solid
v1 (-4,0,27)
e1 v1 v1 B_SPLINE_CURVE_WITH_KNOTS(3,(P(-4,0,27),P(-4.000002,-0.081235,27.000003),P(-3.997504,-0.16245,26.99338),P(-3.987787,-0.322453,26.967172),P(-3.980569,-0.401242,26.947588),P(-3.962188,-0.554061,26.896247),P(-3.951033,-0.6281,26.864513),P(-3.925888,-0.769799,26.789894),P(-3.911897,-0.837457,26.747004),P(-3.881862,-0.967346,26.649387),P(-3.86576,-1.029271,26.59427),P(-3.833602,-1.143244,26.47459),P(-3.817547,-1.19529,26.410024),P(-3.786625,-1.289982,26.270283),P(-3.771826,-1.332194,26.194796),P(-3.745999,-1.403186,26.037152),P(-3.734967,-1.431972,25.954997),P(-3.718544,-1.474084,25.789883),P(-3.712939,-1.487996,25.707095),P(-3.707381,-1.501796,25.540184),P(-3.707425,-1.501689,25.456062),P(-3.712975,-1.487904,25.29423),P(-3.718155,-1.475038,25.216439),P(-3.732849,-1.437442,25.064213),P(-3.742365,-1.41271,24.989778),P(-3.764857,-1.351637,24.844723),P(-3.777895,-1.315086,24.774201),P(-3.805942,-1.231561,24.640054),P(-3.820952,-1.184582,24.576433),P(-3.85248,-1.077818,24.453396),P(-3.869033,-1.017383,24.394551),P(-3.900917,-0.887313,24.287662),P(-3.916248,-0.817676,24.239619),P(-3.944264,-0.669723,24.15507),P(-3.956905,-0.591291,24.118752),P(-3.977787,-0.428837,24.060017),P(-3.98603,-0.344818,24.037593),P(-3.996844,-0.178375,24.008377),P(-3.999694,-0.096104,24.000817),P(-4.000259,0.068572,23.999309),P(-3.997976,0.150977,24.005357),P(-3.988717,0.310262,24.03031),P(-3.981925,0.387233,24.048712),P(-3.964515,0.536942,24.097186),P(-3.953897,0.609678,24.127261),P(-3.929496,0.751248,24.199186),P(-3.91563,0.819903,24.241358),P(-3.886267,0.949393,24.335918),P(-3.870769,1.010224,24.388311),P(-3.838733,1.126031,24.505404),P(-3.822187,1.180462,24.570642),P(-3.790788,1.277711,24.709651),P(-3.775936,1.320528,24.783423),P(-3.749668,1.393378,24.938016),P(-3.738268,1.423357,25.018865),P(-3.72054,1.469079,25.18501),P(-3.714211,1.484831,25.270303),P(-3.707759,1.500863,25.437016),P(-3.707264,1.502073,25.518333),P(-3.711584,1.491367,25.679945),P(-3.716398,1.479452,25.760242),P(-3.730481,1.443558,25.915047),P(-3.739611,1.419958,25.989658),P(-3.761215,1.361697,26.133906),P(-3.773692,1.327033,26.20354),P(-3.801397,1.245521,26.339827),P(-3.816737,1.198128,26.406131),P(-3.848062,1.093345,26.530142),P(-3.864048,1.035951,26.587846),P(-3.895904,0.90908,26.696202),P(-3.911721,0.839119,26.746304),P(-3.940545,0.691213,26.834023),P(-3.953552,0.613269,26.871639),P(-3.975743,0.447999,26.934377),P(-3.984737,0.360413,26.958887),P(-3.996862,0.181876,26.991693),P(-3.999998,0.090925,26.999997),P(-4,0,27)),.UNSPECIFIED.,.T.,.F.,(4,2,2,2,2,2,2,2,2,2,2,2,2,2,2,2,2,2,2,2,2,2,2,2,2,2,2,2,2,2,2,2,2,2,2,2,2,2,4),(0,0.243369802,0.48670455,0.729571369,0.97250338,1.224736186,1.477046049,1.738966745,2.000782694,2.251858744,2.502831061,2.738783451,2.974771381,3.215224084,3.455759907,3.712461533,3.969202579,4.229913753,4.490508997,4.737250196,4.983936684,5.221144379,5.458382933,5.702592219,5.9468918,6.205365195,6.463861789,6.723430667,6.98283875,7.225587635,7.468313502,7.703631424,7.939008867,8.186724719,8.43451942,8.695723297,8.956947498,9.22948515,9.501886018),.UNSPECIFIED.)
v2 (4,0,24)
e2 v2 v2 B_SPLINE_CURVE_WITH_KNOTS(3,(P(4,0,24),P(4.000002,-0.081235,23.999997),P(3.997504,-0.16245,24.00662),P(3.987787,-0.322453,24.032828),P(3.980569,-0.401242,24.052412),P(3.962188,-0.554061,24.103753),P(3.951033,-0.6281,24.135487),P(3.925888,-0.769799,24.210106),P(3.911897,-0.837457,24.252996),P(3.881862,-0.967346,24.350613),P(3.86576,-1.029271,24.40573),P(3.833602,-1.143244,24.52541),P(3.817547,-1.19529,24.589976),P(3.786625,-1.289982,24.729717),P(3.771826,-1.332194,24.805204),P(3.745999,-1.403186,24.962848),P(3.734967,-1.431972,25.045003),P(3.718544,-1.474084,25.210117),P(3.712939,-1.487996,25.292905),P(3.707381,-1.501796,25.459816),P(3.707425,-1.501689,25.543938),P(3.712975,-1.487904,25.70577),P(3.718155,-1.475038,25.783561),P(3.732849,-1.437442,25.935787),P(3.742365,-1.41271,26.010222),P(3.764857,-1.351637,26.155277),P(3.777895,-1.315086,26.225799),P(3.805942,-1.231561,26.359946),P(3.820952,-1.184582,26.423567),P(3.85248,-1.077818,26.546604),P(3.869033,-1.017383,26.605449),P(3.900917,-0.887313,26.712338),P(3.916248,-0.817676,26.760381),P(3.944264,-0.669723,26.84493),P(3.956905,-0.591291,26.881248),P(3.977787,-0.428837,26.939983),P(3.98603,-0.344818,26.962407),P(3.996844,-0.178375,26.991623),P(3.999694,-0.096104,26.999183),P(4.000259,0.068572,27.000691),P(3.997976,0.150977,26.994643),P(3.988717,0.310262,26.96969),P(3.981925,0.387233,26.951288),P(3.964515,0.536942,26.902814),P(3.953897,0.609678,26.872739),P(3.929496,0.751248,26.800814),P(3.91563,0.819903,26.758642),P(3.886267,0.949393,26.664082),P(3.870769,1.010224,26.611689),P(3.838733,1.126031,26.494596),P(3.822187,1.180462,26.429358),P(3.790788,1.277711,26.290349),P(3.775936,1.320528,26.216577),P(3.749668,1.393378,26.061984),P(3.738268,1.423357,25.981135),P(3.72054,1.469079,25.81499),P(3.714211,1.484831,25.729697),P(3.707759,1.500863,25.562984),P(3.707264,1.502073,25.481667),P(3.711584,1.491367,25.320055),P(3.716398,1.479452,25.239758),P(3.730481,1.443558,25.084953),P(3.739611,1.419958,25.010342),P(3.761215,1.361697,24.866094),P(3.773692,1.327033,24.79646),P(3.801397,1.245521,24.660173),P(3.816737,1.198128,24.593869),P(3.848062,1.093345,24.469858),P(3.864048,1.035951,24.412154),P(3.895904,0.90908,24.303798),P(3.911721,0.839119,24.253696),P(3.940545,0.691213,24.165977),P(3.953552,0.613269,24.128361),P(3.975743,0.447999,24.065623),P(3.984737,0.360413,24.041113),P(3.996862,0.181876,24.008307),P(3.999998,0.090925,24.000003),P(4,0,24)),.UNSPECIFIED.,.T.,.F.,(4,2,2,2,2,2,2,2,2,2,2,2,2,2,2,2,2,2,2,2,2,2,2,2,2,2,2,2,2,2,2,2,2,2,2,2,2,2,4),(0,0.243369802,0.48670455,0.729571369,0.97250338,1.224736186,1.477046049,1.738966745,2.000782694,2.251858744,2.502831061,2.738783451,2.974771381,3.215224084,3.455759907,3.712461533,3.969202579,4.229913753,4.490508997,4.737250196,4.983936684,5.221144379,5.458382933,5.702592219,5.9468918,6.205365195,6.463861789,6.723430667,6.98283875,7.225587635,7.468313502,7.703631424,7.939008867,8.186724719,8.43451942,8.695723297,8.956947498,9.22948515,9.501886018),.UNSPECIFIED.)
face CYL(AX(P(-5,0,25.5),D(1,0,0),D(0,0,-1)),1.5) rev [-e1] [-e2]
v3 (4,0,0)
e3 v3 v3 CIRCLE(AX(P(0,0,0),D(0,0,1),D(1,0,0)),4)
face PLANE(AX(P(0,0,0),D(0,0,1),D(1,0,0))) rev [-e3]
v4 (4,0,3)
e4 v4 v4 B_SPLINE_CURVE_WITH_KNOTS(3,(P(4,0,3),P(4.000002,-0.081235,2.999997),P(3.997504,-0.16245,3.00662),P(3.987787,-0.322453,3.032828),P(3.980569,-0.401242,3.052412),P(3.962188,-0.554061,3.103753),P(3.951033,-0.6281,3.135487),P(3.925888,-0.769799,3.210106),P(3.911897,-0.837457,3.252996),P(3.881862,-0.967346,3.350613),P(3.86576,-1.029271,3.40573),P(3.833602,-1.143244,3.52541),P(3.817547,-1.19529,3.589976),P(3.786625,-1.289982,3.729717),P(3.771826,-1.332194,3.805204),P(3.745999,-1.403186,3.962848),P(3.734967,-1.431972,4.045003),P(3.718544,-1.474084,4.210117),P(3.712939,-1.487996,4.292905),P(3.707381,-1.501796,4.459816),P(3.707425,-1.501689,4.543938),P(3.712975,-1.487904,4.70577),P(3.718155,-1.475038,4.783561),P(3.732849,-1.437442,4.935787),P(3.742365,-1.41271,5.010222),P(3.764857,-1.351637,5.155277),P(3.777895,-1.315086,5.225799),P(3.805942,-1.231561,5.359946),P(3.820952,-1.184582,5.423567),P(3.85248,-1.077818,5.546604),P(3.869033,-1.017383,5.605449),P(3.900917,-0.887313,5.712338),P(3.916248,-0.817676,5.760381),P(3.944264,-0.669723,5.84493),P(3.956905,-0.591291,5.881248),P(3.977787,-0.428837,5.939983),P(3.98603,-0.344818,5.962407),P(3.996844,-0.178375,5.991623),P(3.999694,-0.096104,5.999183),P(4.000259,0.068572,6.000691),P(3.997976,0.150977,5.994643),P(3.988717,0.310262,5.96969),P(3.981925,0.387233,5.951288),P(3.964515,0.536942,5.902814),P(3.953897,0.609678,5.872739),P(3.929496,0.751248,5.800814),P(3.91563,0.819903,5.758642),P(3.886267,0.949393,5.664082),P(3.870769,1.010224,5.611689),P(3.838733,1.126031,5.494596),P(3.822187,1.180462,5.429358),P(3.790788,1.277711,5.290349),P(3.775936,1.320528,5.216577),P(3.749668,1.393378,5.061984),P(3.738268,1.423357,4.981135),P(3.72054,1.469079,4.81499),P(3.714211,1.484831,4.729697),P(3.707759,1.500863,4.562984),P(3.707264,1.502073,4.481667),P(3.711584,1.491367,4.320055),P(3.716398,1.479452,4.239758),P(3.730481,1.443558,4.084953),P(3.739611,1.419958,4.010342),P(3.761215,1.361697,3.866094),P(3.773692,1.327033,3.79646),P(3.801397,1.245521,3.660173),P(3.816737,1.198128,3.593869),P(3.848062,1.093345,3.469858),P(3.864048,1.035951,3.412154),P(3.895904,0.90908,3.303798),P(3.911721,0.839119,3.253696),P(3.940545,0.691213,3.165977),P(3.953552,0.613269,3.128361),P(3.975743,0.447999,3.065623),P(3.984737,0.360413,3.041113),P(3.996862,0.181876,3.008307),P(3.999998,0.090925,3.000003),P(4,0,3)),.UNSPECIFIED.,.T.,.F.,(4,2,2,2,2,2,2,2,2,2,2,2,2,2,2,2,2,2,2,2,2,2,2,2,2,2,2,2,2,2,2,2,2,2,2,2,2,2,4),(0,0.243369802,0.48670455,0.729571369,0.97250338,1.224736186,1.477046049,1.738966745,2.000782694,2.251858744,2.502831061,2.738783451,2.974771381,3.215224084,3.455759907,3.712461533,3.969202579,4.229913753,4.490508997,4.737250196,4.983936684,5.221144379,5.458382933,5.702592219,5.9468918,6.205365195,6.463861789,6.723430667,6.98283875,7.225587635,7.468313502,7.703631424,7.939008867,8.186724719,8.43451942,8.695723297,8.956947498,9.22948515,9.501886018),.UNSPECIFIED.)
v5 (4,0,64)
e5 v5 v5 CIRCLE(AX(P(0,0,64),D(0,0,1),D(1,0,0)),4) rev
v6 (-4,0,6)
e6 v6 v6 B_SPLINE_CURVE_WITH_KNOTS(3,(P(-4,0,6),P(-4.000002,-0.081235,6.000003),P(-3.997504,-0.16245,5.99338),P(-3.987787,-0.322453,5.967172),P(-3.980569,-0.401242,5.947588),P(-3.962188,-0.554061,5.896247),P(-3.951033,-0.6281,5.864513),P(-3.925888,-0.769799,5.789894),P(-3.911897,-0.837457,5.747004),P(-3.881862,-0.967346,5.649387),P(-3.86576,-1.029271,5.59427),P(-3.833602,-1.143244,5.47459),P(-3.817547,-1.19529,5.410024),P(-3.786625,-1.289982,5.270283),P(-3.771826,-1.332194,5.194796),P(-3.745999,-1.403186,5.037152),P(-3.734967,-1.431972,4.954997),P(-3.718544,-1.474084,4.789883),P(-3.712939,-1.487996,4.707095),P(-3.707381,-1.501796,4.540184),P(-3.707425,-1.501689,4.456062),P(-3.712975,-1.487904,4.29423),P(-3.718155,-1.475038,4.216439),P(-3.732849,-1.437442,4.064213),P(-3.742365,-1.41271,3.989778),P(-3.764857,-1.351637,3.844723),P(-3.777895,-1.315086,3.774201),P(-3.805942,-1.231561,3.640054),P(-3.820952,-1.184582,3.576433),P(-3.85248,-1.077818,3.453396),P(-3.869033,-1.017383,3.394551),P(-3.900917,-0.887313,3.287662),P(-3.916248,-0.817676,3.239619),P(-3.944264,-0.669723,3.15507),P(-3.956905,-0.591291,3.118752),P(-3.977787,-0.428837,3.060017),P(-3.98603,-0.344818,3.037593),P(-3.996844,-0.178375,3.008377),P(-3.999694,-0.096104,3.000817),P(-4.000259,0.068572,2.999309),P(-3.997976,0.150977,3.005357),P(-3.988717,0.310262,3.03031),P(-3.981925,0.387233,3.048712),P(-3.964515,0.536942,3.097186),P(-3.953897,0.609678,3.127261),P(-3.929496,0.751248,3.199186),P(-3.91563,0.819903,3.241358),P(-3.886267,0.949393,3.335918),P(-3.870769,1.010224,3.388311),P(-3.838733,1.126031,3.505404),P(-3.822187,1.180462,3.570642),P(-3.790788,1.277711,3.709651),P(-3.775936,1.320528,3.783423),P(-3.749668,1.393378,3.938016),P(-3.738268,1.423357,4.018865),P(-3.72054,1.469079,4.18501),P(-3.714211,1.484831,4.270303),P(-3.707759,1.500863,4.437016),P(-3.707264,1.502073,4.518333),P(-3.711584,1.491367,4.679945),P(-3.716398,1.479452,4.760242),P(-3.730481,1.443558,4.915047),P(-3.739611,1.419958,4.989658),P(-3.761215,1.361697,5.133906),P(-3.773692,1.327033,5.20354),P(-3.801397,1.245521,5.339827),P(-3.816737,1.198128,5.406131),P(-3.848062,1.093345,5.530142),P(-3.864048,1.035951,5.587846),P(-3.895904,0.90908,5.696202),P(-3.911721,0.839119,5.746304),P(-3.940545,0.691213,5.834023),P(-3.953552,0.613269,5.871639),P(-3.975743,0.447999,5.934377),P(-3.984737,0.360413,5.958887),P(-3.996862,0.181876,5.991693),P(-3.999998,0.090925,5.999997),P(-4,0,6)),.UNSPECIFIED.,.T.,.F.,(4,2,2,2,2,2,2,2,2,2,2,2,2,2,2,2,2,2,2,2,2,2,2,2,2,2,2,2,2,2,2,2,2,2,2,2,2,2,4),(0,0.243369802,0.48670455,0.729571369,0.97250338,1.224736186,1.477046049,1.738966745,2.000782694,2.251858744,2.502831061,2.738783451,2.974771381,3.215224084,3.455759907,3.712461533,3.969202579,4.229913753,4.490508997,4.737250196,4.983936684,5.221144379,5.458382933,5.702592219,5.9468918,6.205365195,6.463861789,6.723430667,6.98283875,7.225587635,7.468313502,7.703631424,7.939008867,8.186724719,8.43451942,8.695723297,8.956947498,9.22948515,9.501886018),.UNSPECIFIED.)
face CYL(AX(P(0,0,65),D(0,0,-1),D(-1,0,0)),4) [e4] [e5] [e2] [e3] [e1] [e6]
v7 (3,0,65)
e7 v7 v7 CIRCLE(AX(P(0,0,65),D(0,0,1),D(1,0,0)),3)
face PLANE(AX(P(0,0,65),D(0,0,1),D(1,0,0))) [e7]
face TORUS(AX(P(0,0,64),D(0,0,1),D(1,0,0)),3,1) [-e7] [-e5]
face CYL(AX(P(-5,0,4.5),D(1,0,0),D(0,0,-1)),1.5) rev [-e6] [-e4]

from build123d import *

# Parameters (mm, degrees)
ESQUISSE1_R             = 4
BOSS_EXTRU_1_DEPTH      = 65
ESQUISSE2_R             = 1.5
ENL_V_MAT_EXTRU_1_DEPTH = 5
CONG_1_R                = 1


with BuildPart() as part:
    # Esquisse1 → Boss.-Extru.1 (new body)
    with BuildSketch(Plane.XY):
        Circle(ESQUISSE1_R)
    extrude(amount=BOSS_EXTRU_1_DEPTH)

    # Esquisse2 → Enlèv. mat.-Extru.1 (cut, symmetric)
    with BuildSketch(Plane(origin=(0, 0, 0), x_dir=(0, 0, -1), z_dir=(1, 0, 0))):
        with Locations(Location((-25.5, 0, 0), (0, 0, 179.999999999))):
            Circle(ESQUISSE2_R)
        with Locations(Location((-4.5, 0, 0), (0, 0, 179.999999999))):
            Circle(ESQUISSE2_R)
    extrude(amount=ENL_V_MAT_EXTRU_1_DEPTH, both=True, mode=Mode.SUBTRACT)

    # Congé1
    cong_1_edges = [part.edges().sort_by_distance(p)[0] for p in [
        (-4, 0, 65),
    ]]
    fillet(cong_1_edges, radius=CONG_1_R)


solid = part.part
